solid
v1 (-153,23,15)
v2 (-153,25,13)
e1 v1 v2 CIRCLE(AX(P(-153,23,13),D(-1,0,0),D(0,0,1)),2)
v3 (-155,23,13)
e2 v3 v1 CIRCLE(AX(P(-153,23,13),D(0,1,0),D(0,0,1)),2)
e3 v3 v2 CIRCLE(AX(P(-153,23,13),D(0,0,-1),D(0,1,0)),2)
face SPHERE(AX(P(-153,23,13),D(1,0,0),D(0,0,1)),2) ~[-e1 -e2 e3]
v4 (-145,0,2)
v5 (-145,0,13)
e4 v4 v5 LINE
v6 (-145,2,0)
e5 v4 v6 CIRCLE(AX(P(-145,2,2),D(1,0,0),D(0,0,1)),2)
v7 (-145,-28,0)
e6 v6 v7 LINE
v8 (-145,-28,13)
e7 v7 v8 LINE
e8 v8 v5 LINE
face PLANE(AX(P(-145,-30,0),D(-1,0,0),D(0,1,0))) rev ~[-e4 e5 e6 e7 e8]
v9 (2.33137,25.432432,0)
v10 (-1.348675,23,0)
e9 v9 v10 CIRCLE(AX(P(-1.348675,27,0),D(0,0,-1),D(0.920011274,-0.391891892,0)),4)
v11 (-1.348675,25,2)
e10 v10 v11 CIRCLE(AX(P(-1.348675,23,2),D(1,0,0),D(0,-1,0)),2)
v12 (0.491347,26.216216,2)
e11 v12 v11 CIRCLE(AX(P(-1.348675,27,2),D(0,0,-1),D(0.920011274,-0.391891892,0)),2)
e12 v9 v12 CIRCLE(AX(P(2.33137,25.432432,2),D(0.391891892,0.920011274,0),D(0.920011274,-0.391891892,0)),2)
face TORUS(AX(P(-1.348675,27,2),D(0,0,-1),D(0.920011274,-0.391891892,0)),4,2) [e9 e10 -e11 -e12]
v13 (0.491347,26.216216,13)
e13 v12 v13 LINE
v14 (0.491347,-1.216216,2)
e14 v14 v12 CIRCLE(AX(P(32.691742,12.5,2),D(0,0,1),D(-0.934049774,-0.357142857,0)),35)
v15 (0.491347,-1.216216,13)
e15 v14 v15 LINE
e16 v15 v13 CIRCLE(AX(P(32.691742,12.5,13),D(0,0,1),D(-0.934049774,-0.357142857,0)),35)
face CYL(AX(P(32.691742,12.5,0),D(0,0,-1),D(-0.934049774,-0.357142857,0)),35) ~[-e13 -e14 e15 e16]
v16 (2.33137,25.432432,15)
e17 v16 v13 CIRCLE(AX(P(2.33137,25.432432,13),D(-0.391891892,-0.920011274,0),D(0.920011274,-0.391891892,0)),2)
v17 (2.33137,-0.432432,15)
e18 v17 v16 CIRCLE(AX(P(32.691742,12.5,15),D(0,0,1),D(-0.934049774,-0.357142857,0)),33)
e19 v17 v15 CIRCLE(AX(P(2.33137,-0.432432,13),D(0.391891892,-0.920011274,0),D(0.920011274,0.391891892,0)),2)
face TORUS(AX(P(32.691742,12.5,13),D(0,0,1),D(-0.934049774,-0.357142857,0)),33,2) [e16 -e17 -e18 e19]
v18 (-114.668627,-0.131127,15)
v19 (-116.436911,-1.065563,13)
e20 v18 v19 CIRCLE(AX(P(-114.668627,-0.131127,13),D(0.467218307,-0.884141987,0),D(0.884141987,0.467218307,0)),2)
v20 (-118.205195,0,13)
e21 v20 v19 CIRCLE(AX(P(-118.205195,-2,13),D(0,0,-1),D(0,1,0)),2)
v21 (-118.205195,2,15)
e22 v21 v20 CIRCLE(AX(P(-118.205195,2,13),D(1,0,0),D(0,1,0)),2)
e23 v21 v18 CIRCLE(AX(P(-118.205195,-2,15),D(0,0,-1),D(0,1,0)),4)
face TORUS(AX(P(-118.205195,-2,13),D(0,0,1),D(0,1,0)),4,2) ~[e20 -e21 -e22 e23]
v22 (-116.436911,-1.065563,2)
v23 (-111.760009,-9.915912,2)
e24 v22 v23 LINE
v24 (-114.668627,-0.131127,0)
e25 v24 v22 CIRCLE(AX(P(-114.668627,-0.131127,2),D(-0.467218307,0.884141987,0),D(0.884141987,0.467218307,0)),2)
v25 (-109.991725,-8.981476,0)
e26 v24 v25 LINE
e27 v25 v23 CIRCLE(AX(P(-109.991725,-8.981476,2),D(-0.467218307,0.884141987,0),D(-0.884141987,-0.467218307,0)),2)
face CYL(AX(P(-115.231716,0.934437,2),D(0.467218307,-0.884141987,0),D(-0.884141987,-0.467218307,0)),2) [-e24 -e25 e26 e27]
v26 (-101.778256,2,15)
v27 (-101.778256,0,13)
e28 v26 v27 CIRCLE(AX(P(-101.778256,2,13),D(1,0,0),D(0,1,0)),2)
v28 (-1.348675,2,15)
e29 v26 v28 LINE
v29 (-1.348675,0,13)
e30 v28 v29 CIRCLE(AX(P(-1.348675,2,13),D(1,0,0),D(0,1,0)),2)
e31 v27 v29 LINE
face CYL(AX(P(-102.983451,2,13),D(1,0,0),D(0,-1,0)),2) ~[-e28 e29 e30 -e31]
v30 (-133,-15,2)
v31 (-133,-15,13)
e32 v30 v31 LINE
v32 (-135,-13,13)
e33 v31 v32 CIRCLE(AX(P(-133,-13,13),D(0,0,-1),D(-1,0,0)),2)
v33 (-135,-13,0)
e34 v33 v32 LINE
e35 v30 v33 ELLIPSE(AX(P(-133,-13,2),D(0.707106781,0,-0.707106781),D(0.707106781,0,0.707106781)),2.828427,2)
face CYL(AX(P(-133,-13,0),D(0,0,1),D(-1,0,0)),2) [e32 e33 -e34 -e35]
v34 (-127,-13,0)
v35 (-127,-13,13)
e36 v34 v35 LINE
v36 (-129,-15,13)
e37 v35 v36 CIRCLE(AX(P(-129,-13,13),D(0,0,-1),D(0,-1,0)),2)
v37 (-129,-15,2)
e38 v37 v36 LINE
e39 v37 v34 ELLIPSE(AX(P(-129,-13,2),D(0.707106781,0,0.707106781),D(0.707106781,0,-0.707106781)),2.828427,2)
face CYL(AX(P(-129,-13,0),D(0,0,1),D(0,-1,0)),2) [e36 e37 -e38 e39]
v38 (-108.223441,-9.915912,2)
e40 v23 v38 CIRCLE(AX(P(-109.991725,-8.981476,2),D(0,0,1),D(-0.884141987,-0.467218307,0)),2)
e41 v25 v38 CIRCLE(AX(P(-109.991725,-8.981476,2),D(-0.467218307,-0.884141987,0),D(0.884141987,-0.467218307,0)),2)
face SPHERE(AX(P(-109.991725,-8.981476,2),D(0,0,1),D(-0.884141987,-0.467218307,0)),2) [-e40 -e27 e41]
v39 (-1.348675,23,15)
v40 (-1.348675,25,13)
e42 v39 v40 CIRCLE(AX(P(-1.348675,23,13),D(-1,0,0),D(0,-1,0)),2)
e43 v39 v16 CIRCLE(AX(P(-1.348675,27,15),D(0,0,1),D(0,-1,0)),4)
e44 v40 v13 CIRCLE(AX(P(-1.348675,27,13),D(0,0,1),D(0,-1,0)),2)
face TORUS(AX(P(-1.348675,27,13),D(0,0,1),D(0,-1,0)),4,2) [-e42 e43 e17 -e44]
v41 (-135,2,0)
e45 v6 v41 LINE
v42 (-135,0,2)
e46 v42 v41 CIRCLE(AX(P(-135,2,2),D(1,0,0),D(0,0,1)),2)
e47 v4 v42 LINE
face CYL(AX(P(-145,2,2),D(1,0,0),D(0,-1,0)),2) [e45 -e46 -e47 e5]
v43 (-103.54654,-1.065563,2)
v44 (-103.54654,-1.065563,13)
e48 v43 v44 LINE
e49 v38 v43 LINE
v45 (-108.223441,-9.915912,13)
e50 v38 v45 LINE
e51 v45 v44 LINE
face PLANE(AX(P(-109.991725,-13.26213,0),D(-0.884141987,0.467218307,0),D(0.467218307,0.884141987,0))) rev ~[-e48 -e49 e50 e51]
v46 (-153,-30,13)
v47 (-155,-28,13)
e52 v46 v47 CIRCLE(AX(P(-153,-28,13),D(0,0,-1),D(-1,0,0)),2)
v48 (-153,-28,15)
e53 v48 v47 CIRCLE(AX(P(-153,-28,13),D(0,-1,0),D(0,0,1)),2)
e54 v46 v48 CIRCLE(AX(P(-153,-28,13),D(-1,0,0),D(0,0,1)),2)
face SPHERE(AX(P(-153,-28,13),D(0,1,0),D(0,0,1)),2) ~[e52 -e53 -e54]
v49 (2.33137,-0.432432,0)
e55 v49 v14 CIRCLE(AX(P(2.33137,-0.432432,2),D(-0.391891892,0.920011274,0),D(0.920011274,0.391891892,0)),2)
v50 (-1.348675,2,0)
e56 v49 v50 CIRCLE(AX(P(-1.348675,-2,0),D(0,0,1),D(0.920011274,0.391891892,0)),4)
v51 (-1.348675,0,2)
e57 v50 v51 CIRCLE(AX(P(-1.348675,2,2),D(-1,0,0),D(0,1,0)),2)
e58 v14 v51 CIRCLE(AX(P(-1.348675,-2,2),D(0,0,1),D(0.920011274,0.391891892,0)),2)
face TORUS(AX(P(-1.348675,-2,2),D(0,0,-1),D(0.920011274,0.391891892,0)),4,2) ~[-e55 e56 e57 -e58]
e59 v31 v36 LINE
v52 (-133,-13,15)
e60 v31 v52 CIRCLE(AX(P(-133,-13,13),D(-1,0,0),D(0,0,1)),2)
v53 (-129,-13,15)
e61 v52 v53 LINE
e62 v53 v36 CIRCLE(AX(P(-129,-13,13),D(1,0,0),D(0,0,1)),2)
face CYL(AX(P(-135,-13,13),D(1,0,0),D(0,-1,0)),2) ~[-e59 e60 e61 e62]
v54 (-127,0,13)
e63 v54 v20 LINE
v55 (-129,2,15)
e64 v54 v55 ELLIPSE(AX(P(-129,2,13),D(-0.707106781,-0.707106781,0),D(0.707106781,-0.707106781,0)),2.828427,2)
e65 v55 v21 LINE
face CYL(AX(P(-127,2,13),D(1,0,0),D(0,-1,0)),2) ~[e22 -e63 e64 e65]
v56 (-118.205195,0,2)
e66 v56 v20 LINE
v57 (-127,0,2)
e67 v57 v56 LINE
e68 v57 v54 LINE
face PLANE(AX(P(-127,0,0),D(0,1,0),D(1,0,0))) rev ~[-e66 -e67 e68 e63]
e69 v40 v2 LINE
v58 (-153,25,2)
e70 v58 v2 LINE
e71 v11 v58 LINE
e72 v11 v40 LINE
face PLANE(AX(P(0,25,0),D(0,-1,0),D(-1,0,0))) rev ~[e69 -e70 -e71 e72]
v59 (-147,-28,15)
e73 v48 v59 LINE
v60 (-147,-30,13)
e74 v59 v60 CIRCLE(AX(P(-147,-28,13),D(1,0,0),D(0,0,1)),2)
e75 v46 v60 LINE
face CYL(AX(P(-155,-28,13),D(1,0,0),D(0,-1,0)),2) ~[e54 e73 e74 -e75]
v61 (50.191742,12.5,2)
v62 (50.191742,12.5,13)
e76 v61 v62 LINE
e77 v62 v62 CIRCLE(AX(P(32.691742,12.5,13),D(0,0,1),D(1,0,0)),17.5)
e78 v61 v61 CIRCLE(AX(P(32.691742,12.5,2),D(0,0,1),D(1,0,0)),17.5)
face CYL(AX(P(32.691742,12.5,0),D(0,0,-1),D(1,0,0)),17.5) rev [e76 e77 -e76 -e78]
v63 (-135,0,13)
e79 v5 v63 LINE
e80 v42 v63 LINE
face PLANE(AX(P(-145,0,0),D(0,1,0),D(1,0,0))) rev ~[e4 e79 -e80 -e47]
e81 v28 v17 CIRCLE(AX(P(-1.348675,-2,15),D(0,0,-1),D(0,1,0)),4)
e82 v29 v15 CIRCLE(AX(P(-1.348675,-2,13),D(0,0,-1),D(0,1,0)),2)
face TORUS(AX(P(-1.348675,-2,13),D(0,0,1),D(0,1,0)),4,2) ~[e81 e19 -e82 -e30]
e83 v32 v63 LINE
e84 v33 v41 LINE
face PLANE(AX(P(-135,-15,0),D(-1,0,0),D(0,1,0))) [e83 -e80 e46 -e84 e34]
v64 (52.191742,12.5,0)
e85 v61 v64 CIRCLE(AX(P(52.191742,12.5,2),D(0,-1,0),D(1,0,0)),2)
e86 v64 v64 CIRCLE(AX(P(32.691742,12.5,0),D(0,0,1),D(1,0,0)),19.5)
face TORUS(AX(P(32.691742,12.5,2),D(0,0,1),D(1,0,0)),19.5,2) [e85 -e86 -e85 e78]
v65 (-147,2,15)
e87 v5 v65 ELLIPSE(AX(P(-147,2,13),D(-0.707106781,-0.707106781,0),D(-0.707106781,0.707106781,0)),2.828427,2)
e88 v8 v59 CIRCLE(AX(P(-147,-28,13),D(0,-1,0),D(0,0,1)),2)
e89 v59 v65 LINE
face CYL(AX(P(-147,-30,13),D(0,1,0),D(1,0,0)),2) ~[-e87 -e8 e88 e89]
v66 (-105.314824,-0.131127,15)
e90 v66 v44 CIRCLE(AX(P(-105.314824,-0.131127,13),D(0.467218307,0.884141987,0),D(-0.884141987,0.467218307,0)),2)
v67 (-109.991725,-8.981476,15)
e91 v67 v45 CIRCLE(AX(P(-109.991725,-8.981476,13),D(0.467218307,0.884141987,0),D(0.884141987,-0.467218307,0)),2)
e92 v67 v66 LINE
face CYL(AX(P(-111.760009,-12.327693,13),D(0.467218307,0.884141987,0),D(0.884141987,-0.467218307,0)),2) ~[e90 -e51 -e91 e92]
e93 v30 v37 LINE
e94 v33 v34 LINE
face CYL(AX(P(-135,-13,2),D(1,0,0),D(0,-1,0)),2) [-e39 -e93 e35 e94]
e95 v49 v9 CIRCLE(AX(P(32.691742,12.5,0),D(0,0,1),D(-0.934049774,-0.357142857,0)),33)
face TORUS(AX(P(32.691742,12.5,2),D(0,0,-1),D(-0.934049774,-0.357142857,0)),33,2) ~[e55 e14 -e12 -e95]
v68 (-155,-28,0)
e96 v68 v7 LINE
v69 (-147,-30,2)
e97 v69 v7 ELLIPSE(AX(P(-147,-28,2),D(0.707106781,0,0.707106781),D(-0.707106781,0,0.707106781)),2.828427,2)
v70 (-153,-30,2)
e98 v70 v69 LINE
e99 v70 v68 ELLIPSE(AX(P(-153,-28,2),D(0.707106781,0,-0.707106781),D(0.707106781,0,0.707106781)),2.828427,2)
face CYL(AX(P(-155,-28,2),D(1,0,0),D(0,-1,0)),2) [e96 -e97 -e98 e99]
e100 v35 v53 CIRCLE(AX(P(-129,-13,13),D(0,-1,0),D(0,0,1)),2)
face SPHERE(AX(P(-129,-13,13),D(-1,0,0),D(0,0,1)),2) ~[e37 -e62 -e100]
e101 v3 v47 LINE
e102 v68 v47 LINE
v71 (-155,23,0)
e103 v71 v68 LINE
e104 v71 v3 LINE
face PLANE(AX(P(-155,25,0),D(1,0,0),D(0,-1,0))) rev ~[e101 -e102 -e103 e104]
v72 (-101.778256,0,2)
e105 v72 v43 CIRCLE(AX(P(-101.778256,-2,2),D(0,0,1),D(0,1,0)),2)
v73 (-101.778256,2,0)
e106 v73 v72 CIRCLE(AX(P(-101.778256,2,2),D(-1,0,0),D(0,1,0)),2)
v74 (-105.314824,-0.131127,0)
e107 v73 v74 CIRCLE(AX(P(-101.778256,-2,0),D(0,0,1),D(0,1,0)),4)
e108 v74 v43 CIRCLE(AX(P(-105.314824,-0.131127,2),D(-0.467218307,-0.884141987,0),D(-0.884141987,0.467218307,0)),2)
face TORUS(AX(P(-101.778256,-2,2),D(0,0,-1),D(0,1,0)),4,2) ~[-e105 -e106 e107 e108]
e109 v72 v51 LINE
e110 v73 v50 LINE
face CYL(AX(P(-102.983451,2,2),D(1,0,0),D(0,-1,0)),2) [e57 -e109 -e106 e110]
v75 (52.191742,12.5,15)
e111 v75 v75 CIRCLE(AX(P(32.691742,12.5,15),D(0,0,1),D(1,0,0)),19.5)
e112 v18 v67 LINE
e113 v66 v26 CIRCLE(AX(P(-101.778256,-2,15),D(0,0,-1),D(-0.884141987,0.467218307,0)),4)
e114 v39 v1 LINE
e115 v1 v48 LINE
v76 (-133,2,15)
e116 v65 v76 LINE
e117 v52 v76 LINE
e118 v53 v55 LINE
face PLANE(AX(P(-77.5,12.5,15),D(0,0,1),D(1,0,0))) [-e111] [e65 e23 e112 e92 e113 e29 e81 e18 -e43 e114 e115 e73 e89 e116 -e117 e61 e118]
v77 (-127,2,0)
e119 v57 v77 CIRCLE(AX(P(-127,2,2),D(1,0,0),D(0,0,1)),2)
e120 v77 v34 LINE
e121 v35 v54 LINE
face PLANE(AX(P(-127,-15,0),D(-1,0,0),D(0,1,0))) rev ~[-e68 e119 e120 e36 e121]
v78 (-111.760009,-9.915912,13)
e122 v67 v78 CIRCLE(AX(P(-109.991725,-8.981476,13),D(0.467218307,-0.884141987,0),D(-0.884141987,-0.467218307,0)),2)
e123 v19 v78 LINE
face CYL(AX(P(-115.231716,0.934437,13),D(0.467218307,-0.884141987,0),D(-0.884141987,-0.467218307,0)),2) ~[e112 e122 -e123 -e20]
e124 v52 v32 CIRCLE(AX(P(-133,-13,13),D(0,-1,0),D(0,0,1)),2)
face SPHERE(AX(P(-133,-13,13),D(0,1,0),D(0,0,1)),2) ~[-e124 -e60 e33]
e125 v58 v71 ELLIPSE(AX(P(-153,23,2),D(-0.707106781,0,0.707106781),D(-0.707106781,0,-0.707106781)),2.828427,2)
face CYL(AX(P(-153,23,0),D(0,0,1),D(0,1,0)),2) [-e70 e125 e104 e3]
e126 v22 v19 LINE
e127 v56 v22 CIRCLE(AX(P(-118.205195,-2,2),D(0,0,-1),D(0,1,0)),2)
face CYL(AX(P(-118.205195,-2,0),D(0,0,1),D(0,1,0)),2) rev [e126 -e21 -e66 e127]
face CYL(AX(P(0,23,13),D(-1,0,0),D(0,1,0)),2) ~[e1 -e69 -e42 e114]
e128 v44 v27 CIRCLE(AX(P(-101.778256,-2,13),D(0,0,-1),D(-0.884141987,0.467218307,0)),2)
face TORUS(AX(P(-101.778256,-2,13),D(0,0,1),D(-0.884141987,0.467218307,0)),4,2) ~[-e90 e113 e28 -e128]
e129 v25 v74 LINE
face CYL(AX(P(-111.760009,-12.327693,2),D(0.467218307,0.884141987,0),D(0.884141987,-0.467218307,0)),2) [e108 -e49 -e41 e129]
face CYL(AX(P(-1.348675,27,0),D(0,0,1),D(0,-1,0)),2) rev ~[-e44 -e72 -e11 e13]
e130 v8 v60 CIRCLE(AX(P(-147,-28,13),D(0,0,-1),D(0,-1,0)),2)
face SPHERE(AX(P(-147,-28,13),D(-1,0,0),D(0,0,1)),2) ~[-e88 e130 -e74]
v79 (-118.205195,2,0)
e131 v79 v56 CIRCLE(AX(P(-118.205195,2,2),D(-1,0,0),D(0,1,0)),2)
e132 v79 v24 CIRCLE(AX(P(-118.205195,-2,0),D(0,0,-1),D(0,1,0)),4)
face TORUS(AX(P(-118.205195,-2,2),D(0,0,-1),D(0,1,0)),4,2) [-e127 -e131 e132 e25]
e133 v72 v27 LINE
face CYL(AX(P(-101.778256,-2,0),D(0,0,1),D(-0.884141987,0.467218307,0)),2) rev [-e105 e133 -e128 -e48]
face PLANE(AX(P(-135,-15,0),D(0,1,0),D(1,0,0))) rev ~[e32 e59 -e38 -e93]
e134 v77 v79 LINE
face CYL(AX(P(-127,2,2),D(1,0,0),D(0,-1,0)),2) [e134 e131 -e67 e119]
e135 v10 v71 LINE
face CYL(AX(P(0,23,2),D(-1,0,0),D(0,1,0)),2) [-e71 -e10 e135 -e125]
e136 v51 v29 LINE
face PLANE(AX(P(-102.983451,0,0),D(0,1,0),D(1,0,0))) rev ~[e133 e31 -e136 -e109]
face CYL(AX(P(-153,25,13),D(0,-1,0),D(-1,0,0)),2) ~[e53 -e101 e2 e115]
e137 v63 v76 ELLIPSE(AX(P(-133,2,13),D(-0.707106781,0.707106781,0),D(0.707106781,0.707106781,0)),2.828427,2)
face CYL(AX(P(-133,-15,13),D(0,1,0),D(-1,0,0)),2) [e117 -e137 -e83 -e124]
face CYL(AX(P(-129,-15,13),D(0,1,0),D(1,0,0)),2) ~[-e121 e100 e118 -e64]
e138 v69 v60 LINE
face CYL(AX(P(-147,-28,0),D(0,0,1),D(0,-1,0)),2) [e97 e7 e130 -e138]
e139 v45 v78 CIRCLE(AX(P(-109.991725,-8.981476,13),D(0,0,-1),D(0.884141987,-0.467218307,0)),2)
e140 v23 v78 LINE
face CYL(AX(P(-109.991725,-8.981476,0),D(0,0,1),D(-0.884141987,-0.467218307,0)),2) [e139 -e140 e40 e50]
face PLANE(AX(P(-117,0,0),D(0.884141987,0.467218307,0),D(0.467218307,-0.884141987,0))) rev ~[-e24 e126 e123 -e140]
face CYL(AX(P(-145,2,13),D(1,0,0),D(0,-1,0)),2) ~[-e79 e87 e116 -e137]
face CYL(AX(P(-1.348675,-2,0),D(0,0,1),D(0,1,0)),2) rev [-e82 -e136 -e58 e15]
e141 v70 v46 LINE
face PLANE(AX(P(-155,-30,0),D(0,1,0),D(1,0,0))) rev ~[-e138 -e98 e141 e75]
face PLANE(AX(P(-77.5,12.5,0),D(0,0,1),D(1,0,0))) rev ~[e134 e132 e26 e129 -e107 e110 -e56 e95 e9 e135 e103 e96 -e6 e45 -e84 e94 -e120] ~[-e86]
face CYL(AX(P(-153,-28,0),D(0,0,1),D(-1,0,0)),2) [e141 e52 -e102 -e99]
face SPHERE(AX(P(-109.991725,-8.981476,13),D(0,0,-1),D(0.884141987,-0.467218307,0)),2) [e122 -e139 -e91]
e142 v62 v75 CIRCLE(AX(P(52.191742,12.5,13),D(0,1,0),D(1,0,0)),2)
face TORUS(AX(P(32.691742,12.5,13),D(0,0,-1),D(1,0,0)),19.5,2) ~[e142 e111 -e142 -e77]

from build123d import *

# Parameters (mm, degrees)
F0_R     = 17.5
F0_W     = 10
F0_H     = 30
F0_W_2   = 8
F0_H_2   = 15
F1_DEPTH = 15
F2_R     = 2


with BuildPart() as f1:
    # F0 (on Top) → F1 (new body)
    with BuildSketch(Plane.XY):
        Polygon((-102.9834508029, 0), (0, 0), (0, 25), (-155, 25), (-155, 0), (-145, 0), (-135, 0), (-127, 0), (-117, 0), (-109.9917254015, 0), align=None)
        with BuildLine():
            Line((0, 25), (0, 0))
            ThreePointArc((0, 0), (67.6917420766, 12.5), (0, 25))
        make_face()
        with Locations((32.6917420766, 12.5)):
            Circle(F0_R, mode=Mode.SUBTRACT)
        Polygon((-109.9917254015, -13.262129812), (-102.9834508029, 0), (-109.9917254015, 0), align=None)
        Polygon((-109.9917254015, -13.262129812), (-109.9917254015, 0), (-117, 0), align=None)
        with Locations((-150, -15)):
            Rectangle(F0_W, F0_H)
        with Locations((-131, -7.5)):
            Rectangle(F0_W_2, F0_H_2)
    extrude(amount=F1_DEPTH)

    # F2
    f2_edges = [f1.edges().sort_by_distance(p)[0] for p in [
        (-77.5, 25, 15),
        (-51.491725, 0, 0),
        (-155, -2.5, 15),
        (-150, -30, 15),
        (-145, -15, 15),
        (-140, 0, 15),
        (-135, -7.5, 15),
        (-131, -15, 15),
        (-122, 0, 0),
        (-113.495863, -6.631065, 15),
        (-106.487588, -6.631065, 0),
        (67.691742, 12.5, 15),
        (15.191742, 12.5, 0),
        (-77.5, 25, 0),
        (0, 0, 7.5),
        (0, 25, 7.5),
        (67.691742, 12.5, 0),
        (-51.491725, 0, 15),
        (-102.983451, 0, 7.5),
        (-109.991725, -13.26213, 7.5),
        (-106.487588, -6.631065, 15),
        (-113.495863, -6.631065, 0),
        (-117, 0, 7.5),
        (-122, 0, 15),
        (-127, -7.5, 15),
        (-131, -15, 0),
        (-140, 0, 0),
        (-135, -15, 7.5),
        (-145, -30, 7.5),
        (-150, -30, 0),
        (-155, -30, 7.5),
        (-127, -15, 7.5),
        (15.191742, 12.5, 15),
        (-155, 25, 7.5),
    ]]
    fillet(f2_edges, radius=F2_R)


solid = f1.part
